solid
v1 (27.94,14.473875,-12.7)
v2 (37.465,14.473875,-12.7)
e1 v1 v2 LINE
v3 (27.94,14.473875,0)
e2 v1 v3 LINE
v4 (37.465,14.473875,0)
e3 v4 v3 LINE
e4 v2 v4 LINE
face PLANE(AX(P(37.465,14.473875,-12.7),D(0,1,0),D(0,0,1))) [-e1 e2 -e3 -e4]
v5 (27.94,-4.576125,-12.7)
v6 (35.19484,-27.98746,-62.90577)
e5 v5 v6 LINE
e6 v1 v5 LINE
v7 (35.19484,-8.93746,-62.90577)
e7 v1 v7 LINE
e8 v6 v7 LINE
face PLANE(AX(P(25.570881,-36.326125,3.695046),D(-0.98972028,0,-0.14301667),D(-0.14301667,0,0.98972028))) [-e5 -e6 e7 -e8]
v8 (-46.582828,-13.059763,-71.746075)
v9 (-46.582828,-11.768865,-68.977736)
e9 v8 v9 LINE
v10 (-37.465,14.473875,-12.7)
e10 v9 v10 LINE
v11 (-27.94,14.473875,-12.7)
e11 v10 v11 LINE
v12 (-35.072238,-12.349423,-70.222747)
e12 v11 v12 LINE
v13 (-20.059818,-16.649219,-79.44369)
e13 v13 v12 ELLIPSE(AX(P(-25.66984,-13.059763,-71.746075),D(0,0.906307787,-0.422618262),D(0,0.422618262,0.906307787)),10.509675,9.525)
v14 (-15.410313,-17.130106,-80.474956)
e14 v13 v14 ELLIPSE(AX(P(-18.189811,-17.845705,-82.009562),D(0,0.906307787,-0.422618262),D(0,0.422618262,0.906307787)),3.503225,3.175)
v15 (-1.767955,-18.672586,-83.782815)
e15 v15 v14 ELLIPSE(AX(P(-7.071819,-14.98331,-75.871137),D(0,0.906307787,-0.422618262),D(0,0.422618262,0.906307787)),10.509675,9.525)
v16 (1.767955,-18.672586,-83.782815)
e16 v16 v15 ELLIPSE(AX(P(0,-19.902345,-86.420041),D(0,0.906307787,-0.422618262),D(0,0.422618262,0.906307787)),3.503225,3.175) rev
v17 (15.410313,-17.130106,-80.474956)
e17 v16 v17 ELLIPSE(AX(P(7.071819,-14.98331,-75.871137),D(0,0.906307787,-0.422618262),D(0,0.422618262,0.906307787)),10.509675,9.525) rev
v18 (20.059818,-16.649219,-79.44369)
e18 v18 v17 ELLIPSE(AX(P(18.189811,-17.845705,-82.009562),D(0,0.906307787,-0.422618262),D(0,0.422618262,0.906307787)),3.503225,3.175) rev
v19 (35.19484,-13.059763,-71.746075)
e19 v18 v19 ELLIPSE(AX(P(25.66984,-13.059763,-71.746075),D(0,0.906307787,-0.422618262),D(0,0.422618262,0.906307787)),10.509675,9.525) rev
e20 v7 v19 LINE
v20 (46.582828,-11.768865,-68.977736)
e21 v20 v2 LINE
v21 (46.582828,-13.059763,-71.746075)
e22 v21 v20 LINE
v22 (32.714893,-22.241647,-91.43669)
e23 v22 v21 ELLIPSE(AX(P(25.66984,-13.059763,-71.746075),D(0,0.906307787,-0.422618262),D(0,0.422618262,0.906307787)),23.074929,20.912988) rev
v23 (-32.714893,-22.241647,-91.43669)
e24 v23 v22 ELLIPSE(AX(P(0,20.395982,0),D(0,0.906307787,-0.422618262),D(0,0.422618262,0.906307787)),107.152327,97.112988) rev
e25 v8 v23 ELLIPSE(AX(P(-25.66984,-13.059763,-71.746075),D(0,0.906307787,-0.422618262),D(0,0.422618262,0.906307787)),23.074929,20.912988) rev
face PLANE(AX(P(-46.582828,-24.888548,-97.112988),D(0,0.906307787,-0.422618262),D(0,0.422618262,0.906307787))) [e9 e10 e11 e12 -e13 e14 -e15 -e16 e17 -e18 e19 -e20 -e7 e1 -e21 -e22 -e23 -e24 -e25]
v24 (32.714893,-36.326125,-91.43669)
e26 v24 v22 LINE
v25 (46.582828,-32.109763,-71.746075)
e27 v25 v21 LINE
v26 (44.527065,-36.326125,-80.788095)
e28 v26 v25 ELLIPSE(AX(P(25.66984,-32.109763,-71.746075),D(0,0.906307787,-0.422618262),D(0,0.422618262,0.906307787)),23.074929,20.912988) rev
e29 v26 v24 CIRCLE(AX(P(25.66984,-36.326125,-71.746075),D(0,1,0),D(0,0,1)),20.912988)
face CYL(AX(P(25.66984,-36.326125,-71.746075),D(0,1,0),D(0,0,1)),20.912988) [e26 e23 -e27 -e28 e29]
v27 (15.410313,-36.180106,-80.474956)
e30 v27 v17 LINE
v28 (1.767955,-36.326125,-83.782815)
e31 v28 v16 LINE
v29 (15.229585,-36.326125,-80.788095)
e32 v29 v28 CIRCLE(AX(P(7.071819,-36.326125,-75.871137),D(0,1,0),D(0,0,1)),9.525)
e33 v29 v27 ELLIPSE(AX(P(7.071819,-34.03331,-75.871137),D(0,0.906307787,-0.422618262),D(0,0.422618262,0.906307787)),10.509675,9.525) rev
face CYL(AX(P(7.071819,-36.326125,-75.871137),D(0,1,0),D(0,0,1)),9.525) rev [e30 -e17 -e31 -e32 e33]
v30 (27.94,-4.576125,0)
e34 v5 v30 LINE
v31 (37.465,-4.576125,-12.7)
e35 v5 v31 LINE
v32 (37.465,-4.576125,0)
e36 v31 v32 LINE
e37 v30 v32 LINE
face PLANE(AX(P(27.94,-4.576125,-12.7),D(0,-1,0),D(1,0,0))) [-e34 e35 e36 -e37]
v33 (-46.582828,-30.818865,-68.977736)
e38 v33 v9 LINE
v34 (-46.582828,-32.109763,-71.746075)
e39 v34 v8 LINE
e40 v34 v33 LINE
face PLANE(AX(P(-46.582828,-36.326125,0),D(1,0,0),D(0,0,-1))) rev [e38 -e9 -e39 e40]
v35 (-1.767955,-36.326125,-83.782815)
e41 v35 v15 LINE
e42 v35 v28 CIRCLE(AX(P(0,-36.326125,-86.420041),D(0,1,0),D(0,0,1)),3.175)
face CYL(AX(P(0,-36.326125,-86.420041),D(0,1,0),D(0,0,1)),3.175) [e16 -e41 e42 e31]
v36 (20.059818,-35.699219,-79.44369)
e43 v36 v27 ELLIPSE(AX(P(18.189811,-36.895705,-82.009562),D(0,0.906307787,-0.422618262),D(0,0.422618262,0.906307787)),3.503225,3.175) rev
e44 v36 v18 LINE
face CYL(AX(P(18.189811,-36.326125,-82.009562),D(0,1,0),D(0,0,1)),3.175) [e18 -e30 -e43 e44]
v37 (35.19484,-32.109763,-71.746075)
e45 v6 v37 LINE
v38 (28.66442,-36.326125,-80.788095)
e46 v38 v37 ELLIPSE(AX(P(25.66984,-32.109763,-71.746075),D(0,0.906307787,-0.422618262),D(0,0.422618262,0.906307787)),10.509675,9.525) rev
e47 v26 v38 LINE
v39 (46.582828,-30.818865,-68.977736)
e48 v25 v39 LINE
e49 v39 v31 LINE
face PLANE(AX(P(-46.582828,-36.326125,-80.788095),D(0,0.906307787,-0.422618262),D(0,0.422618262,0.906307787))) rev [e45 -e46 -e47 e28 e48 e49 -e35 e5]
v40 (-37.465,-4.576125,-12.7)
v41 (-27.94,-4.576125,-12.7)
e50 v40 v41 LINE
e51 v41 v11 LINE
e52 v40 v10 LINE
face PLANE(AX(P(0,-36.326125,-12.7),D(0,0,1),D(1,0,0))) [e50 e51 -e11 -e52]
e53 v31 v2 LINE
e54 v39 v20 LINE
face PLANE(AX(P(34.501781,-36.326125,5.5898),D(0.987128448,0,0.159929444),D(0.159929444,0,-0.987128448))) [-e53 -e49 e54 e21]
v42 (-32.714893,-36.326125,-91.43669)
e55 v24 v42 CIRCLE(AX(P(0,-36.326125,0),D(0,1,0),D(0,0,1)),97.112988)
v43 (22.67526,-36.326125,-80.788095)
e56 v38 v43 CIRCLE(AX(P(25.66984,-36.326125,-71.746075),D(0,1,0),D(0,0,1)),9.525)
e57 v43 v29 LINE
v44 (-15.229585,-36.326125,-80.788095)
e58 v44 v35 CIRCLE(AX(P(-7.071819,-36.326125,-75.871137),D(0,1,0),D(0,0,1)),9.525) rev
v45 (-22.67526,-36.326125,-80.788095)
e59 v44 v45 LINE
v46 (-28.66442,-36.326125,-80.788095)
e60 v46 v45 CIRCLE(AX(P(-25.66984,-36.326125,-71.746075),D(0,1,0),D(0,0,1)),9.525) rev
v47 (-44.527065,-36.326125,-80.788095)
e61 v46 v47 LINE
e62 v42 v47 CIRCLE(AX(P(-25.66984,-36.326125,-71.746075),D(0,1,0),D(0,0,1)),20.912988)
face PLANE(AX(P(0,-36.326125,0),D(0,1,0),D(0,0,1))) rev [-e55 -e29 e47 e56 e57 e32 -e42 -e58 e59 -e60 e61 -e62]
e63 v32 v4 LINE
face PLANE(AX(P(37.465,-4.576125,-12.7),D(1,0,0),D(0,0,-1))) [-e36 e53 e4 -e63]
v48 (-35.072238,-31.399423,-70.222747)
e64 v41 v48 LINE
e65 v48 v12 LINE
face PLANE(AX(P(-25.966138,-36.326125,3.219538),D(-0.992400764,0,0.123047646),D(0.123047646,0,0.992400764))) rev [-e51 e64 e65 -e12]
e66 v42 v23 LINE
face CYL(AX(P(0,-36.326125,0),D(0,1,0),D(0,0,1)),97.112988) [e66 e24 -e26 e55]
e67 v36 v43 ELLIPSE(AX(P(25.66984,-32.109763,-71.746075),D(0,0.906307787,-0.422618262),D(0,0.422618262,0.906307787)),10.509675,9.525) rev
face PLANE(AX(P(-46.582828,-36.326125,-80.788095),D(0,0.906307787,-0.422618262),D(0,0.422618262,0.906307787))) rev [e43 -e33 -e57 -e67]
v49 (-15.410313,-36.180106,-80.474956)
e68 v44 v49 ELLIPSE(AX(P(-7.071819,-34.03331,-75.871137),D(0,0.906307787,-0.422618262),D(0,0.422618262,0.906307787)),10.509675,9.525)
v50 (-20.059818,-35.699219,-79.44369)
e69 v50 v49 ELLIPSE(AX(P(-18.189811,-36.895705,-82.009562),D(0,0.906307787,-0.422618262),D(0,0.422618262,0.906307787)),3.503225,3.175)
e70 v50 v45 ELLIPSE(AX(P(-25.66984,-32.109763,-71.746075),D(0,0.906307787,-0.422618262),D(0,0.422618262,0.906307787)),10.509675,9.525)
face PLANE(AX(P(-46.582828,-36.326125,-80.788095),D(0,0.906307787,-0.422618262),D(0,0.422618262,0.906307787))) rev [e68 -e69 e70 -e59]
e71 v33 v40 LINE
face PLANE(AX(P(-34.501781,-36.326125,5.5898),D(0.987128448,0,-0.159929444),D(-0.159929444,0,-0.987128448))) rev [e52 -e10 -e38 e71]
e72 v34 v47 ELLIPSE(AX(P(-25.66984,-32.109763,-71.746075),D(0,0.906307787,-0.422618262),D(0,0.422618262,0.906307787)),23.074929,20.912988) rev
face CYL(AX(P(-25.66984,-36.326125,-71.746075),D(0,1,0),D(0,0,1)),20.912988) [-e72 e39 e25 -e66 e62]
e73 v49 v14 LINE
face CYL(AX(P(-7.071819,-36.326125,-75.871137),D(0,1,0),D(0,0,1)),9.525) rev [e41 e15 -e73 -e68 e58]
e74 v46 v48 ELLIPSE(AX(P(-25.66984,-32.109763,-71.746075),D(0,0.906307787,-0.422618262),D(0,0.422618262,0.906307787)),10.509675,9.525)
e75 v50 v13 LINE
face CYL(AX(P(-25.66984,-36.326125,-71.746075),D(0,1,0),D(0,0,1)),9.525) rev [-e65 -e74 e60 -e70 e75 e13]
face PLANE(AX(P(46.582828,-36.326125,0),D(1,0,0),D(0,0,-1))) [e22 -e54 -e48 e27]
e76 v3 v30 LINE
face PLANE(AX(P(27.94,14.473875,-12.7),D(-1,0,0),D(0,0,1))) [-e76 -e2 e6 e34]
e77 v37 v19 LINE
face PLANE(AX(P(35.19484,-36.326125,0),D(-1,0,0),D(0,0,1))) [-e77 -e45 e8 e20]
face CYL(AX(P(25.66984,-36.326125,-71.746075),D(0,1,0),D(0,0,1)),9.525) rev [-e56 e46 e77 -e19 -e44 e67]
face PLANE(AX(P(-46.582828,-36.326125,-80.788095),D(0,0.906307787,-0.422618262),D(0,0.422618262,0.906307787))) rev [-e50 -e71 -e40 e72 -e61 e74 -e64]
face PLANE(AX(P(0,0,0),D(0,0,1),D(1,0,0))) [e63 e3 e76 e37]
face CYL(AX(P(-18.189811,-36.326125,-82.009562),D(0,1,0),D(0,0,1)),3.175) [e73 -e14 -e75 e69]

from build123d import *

# Parameters (mm, degrees)
SKETCH1_W               = 9.525
SKETCH1_H               = 19.05
BOSS_EXTRUDE1_DEPTH     = 12.7
BOSS_EXTRUDE2_DEPTH     = 50.8
CUT_EXTRUDE1_DEPTH      = 114.668287772
CUT_EXTRUDE1_DEPTH_BACK = 114.668287772


with BuildPart() as part:
    # Sketch1 → Boss-Extrude1 (new body)
    with BuildSketch(Plane.XY):
        with Locations((32.7025, 4.948874545)):
            Rectangle(SKETCH1_W, SKETCH1_H)
    extrude(amount=-BOSS_EXTRUDE1_DEPTH)

    # Sketch2 → Boss-Extrude2 (add)
    with BuildSketch(Plane(origin=(0, 14.473874545, 0), x_dir=(1, 0, 0), z_dir=(0, 1, 0))):
        with BuildLine():
            ThreePointArc((46.582827663, 71.746075344), (42.767883123, 83.788084157), (32.714892878, 91.436689602))
            ThreePointArc((32.714892878, 91.436689602), (0, 97.112987913), (-32.714892878, 91.436689602))
            ThreePointArc((-32.714892878, 91.436689602), (-42.767883123, 83.788084157), (-46.582827663, 71.746075344))
            Line((-46.582827663, 71.746075344), (-46.582827663, 68.977736354))
            Line((-46.582827663, 68.977736354), (-37.465, 12.7))
            Line((-37.465, 12.7), (-27.94, 12.7))
            Line((-27.94, 12.7), (-35.072238217, 70.222747392))
            ThreePointArc((-35.072238217, 70.222747392), (-30.65501556, 79.862333542), (-20.059817821, 79.443690492))
            ThreePointArc((-20.059817821, 79.443690492), (-17.502300297, 78.909892112), (-15.410312677, 80.474955814))
            ThreePointArc((-15.410312677, 80.474955814), (-9.316307054, 85.127912481), (-1.767954793, 83.782814559))
            ThreePointArc((-1.767954793, 83.782814559), (0, 83.245040535), (1.767954793, 83.782814559))
            ThreePointArc((1.767954793, 83.782814559), (9.316307054, 85.127912481), (15.410312677, 80.474955814))
            ThreePointArc((15.410312677, 80.474955814), (17.502300297, 78.909892112), (20.059817821, 79.443690492))
            ThreePointArc((20.059817821, 79.443690492), (29.98783501, 80.23610137), (35.194839749, 71.746075344))
            Line((35.194839749, 71.746075344), (35.194839749, 62.905769869))
            Line((35.194839749, 62.905769869), (27.94, 12.7))
            Line((27.94, 12.7), (37.465, 12.7))
            Line((37.465, 12.7), (46.582827663, 68.977736354))
            Line((46.582827663, 68.977736354), (46.582827663, 71.746075344))
        make_face()
    extrude(amount=-BOSS_EXTRUDE2_DEPTH)

    # Sketch3 → Cut-Extrude1 (cut, two sides: drawn at the far end of the back side and taken through both)
    with BuildSketch(Plane(origin=(0, 0, 0), x_dir=(0, 0, -1), z_dir=(1, 0, 0)).offset(-CUT_EXTRUDE1_DEPTH_BACK)):
        Polygon((80.788094726, -36.326125455), (12.7, -4.576125455), (12.7, -36.326125455), align=None)
        Polygon((97.112987913, -24.888548166), (12.7, 14.473874545), (97.112987913, 14.473874545), align=None)
    extrude(amount=CUT_EXTRUDE1_DEPTH + CUT_EXTRUDE1_DEPTH_BACK, mode=Mode.SUBTRACT)


solid = part.part
